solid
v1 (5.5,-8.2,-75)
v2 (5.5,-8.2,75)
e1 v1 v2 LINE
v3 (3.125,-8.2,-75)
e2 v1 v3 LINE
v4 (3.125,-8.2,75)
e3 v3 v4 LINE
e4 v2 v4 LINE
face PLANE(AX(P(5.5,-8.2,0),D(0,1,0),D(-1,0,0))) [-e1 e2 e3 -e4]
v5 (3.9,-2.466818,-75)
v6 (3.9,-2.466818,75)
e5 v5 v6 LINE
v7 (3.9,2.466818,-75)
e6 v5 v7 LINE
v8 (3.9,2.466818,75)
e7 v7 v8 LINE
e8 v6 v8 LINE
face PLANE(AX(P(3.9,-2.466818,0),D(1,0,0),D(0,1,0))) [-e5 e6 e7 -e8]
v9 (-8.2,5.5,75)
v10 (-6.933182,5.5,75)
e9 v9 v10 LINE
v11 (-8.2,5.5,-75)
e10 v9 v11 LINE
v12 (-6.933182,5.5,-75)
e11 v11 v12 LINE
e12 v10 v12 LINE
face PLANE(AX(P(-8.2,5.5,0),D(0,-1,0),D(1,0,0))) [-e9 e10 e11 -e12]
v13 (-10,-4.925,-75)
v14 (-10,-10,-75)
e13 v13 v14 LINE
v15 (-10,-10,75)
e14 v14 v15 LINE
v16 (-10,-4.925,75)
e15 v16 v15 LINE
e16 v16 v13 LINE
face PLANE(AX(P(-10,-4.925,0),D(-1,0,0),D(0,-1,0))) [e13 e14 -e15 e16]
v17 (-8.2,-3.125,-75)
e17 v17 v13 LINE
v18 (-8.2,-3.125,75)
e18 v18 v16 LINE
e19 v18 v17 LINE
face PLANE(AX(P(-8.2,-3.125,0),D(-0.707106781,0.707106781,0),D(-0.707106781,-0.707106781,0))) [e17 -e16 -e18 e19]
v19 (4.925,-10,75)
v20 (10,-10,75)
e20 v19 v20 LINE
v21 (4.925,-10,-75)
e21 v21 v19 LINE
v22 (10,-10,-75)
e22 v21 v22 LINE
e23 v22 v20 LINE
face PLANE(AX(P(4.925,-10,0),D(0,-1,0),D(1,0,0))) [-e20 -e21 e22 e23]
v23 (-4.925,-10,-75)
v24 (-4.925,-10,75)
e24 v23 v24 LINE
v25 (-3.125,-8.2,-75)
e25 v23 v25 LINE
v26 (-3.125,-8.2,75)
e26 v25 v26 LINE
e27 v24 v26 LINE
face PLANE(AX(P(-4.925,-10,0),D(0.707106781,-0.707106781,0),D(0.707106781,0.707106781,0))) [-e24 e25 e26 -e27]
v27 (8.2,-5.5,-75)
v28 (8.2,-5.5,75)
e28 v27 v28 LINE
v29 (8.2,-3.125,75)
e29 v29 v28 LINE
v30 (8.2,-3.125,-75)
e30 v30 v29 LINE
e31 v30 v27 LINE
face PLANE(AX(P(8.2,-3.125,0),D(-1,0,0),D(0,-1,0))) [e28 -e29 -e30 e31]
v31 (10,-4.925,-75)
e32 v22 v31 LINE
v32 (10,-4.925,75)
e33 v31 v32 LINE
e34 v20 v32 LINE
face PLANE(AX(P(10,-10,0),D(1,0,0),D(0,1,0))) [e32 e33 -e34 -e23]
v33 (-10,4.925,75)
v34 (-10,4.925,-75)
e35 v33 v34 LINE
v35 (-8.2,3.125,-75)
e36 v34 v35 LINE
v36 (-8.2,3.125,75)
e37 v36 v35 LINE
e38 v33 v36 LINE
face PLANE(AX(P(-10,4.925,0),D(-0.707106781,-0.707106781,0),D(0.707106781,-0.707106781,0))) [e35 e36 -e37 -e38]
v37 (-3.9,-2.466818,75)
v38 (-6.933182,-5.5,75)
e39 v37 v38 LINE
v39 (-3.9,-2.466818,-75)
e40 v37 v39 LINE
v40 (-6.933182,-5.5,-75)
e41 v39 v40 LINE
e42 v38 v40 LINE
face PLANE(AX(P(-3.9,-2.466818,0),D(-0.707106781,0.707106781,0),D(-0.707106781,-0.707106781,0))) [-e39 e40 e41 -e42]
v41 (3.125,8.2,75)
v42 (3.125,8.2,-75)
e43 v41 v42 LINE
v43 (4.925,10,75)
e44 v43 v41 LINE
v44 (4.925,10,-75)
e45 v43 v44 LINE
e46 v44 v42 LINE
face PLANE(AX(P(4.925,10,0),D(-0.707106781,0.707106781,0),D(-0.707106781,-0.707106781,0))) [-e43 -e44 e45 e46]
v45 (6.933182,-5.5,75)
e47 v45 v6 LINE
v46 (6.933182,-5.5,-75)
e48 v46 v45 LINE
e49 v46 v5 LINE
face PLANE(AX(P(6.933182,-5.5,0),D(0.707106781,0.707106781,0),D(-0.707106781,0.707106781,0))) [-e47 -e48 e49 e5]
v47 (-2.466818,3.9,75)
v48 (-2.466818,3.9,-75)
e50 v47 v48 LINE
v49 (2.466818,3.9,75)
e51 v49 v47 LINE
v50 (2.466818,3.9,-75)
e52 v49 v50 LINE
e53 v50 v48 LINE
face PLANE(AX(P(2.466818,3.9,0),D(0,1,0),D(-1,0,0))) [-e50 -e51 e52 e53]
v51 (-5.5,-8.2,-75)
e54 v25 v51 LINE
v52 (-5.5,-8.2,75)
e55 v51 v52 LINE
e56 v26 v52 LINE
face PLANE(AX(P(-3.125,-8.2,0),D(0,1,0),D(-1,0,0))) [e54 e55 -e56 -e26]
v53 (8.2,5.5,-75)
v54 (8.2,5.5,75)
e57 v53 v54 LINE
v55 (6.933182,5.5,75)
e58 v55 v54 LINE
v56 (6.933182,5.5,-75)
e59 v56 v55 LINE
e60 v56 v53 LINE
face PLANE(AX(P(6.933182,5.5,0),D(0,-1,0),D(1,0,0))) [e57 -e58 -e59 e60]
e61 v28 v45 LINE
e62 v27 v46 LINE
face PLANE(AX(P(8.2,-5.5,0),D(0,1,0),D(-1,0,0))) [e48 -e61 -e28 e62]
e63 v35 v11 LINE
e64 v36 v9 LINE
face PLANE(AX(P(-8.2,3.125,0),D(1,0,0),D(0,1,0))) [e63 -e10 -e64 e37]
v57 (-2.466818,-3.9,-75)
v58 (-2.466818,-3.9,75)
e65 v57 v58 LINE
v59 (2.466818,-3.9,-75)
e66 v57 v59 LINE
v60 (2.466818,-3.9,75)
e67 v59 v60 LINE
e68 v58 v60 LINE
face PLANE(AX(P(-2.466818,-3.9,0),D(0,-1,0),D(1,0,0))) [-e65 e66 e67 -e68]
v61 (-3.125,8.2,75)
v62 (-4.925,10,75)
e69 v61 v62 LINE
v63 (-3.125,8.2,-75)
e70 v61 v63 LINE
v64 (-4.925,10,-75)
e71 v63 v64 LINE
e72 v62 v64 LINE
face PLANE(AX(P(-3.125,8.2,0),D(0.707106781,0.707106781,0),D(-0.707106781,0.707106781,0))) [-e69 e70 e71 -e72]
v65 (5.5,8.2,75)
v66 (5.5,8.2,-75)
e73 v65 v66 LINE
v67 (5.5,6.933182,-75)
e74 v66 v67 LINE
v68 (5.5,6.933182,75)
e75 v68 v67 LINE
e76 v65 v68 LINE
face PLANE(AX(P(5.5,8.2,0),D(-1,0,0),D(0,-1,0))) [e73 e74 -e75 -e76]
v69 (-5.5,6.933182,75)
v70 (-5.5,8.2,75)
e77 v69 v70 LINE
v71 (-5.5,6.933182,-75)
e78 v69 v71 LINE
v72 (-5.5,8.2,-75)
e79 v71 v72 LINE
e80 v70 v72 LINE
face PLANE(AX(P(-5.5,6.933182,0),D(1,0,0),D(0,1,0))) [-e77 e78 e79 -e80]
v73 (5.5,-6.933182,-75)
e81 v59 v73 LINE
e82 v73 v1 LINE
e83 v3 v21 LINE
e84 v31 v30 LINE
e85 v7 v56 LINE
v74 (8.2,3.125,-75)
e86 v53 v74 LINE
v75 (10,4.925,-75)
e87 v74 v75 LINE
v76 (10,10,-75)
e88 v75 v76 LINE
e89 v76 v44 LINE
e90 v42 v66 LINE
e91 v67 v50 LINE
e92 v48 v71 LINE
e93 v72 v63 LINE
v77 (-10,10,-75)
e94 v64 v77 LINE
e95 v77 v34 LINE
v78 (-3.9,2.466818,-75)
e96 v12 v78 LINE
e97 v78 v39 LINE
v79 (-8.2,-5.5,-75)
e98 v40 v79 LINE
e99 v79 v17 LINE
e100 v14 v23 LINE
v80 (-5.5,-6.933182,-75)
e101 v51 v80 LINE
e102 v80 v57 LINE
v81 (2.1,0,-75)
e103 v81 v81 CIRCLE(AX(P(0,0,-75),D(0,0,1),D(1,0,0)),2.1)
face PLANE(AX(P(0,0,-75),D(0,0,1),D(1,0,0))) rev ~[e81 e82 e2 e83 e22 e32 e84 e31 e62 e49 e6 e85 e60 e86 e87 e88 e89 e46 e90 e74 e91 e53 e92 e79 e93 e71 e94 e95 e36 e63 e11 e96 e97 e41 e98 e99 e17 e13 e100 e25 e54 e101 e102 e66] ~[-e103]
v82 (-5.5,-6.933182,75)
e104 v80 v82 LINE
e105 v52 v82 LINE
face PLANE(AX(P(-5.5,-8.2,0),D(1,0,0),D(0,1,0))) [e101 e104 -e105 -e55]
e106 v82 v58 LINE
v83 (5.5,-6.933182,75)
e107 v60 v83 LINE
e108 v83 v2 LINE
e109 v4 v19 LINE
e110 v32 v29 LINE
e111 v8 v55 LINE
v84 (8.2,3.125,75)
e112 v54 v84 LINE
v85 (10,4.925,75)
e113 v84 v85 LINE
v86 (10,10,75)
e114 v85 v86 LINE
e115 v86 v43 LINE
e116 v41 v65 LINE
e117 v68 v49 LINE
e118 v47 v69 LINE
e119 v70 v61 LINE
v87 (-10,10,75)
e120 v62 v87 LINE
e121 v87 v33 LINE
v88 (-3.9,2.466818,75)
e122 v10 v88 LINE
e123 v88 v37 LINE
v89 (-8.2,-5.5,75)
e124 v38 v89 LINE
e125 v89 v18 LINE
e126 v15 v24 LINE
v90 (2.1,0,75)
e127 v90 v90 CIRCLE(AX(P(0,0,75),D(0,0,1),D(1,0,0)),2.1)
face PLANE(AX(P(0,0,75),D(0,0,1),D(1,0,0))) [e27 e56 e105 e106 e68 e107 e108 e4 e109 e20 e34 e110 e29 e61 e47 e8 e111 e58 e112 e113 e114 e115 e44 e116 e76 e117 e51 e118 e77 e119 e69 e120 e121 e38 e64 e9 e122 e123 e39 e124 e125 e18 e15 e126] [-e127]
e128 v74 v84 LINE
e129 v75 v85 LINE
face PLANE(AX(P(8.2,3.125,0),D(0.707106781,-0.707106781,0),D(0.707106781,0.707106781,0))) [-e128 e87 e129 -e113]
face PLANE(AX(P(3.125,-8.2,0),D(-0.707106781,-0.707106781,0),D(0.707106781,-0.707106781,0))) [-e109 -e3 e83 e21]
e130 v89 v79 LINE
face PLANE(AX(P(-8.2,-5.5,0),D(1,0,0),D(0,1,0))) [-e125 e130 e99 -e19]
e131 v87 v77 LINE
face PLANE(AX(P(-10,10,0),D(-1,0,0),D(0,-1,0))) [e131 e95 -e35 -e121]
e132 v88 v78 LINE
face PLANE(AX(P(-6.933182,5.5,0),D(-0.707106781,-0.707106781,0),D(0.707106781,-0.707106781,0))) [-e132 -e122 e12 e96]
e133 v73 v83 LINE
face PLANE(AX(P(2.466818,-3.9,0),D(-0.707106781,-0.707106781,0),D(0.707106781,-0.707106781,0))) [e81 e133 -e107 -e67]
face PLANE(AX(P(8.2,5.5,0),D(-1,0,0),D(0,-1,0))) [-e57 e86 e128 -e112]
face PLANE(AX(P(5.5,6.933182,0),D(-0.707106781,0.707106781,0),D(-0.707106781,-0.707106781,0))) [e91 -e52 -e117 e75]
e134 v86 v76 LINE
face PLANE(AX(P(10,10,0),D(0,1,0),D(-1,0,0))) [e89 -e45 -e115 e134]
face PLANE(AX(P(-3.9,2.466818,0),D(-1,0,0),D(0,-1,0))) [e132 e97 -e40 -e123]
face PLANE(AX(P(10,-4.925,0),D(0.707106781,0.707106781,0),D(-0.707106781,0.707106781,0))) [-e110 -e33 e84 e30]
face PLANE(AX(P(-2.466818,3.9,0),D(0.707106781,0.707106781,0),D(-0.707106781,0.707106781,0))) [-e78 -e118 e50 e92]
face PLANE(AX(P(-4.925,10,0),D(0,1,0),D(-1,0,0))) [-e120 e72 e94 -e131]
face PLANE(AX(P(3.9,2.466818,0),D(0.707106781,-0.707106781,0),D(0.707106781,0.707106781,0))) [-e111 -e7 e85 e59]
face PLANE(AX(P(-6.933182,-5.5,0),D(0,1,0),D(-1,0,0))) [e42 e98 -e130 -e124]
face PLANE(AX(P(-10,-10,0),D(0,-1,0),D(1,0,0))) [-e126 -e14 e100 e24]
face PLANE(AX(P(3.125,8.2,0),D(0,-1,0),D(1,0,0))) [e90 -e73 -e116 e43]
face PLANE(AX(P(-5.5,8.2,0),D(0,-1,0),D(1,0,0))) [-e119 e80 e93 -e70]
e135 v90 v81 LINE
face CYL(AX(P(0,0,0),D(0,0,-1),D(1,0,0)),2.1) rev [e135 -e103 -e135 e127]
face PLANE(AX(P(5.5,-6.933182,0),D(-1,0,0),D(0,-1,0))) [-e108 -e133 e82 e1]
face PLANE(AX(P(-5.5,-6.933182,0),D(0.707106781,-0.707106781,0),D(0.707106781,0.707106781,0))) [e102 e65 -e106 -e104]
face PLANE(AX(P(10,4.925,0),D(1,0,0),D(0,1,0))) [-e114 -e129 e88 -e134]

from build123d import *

# Parameters (mm, degrees)
SKETCH1_R           = 2.1
BOSS_EXTRUDE1_DEPTH = 75


with BuildPart() as part:
    # Sketch1 → Boss-Extrude1 (new, symmetric)
    with BuildSketch(Plane.XY):
        Polygon((-10, -4.925), (-10, -10), (-4.925, -10), (-3.125, -8.2), (-5.5, -8.2), (-5.5, -6.933181517), (-2.466818483, -3.9), (2.466818483, -3.9), (5.5, -6.933181517), (5.5, -8.2), (3.125, -8.2), (4.925, -10), (10, -10), (10, -4.925), (8.2, -3.125), (8.2, -5.5), (6.933181517, -5.5), (3.9, -2.466818483), (3.9, 2.466818483), (6.933181517, 5.5), (8.2, 5.5), (8.2, 3.125), (10, 4.925), (10, 10), (4.925, 10), (3.125, 8.2), (5.5, 8.2), (5.5, 6.933181517), (2.466818483, 3.9), (-2.466818483, 3.9), (-5.5, 6.933181517), (-5.5, 8.2), (-3.125, 8.2), (-4.925, 10), (-10, 10), (-10, 4.925), (-8.2, 3.125), (-8.2, 5.5), (-6.933181517, 5.5), (-3.9, 2.466818483), (-3.9, -2.466818483), (-6.933181517, -5.5), (-8.2, -5.5), (-8.2, -3.125), align=None)
        Circle(SKETCH1_R, mode=Mode.SUBTRACT)
    extrude(amount=BOSS_EXTRUDE1_DEPTH, both=True)


solid = part.part
